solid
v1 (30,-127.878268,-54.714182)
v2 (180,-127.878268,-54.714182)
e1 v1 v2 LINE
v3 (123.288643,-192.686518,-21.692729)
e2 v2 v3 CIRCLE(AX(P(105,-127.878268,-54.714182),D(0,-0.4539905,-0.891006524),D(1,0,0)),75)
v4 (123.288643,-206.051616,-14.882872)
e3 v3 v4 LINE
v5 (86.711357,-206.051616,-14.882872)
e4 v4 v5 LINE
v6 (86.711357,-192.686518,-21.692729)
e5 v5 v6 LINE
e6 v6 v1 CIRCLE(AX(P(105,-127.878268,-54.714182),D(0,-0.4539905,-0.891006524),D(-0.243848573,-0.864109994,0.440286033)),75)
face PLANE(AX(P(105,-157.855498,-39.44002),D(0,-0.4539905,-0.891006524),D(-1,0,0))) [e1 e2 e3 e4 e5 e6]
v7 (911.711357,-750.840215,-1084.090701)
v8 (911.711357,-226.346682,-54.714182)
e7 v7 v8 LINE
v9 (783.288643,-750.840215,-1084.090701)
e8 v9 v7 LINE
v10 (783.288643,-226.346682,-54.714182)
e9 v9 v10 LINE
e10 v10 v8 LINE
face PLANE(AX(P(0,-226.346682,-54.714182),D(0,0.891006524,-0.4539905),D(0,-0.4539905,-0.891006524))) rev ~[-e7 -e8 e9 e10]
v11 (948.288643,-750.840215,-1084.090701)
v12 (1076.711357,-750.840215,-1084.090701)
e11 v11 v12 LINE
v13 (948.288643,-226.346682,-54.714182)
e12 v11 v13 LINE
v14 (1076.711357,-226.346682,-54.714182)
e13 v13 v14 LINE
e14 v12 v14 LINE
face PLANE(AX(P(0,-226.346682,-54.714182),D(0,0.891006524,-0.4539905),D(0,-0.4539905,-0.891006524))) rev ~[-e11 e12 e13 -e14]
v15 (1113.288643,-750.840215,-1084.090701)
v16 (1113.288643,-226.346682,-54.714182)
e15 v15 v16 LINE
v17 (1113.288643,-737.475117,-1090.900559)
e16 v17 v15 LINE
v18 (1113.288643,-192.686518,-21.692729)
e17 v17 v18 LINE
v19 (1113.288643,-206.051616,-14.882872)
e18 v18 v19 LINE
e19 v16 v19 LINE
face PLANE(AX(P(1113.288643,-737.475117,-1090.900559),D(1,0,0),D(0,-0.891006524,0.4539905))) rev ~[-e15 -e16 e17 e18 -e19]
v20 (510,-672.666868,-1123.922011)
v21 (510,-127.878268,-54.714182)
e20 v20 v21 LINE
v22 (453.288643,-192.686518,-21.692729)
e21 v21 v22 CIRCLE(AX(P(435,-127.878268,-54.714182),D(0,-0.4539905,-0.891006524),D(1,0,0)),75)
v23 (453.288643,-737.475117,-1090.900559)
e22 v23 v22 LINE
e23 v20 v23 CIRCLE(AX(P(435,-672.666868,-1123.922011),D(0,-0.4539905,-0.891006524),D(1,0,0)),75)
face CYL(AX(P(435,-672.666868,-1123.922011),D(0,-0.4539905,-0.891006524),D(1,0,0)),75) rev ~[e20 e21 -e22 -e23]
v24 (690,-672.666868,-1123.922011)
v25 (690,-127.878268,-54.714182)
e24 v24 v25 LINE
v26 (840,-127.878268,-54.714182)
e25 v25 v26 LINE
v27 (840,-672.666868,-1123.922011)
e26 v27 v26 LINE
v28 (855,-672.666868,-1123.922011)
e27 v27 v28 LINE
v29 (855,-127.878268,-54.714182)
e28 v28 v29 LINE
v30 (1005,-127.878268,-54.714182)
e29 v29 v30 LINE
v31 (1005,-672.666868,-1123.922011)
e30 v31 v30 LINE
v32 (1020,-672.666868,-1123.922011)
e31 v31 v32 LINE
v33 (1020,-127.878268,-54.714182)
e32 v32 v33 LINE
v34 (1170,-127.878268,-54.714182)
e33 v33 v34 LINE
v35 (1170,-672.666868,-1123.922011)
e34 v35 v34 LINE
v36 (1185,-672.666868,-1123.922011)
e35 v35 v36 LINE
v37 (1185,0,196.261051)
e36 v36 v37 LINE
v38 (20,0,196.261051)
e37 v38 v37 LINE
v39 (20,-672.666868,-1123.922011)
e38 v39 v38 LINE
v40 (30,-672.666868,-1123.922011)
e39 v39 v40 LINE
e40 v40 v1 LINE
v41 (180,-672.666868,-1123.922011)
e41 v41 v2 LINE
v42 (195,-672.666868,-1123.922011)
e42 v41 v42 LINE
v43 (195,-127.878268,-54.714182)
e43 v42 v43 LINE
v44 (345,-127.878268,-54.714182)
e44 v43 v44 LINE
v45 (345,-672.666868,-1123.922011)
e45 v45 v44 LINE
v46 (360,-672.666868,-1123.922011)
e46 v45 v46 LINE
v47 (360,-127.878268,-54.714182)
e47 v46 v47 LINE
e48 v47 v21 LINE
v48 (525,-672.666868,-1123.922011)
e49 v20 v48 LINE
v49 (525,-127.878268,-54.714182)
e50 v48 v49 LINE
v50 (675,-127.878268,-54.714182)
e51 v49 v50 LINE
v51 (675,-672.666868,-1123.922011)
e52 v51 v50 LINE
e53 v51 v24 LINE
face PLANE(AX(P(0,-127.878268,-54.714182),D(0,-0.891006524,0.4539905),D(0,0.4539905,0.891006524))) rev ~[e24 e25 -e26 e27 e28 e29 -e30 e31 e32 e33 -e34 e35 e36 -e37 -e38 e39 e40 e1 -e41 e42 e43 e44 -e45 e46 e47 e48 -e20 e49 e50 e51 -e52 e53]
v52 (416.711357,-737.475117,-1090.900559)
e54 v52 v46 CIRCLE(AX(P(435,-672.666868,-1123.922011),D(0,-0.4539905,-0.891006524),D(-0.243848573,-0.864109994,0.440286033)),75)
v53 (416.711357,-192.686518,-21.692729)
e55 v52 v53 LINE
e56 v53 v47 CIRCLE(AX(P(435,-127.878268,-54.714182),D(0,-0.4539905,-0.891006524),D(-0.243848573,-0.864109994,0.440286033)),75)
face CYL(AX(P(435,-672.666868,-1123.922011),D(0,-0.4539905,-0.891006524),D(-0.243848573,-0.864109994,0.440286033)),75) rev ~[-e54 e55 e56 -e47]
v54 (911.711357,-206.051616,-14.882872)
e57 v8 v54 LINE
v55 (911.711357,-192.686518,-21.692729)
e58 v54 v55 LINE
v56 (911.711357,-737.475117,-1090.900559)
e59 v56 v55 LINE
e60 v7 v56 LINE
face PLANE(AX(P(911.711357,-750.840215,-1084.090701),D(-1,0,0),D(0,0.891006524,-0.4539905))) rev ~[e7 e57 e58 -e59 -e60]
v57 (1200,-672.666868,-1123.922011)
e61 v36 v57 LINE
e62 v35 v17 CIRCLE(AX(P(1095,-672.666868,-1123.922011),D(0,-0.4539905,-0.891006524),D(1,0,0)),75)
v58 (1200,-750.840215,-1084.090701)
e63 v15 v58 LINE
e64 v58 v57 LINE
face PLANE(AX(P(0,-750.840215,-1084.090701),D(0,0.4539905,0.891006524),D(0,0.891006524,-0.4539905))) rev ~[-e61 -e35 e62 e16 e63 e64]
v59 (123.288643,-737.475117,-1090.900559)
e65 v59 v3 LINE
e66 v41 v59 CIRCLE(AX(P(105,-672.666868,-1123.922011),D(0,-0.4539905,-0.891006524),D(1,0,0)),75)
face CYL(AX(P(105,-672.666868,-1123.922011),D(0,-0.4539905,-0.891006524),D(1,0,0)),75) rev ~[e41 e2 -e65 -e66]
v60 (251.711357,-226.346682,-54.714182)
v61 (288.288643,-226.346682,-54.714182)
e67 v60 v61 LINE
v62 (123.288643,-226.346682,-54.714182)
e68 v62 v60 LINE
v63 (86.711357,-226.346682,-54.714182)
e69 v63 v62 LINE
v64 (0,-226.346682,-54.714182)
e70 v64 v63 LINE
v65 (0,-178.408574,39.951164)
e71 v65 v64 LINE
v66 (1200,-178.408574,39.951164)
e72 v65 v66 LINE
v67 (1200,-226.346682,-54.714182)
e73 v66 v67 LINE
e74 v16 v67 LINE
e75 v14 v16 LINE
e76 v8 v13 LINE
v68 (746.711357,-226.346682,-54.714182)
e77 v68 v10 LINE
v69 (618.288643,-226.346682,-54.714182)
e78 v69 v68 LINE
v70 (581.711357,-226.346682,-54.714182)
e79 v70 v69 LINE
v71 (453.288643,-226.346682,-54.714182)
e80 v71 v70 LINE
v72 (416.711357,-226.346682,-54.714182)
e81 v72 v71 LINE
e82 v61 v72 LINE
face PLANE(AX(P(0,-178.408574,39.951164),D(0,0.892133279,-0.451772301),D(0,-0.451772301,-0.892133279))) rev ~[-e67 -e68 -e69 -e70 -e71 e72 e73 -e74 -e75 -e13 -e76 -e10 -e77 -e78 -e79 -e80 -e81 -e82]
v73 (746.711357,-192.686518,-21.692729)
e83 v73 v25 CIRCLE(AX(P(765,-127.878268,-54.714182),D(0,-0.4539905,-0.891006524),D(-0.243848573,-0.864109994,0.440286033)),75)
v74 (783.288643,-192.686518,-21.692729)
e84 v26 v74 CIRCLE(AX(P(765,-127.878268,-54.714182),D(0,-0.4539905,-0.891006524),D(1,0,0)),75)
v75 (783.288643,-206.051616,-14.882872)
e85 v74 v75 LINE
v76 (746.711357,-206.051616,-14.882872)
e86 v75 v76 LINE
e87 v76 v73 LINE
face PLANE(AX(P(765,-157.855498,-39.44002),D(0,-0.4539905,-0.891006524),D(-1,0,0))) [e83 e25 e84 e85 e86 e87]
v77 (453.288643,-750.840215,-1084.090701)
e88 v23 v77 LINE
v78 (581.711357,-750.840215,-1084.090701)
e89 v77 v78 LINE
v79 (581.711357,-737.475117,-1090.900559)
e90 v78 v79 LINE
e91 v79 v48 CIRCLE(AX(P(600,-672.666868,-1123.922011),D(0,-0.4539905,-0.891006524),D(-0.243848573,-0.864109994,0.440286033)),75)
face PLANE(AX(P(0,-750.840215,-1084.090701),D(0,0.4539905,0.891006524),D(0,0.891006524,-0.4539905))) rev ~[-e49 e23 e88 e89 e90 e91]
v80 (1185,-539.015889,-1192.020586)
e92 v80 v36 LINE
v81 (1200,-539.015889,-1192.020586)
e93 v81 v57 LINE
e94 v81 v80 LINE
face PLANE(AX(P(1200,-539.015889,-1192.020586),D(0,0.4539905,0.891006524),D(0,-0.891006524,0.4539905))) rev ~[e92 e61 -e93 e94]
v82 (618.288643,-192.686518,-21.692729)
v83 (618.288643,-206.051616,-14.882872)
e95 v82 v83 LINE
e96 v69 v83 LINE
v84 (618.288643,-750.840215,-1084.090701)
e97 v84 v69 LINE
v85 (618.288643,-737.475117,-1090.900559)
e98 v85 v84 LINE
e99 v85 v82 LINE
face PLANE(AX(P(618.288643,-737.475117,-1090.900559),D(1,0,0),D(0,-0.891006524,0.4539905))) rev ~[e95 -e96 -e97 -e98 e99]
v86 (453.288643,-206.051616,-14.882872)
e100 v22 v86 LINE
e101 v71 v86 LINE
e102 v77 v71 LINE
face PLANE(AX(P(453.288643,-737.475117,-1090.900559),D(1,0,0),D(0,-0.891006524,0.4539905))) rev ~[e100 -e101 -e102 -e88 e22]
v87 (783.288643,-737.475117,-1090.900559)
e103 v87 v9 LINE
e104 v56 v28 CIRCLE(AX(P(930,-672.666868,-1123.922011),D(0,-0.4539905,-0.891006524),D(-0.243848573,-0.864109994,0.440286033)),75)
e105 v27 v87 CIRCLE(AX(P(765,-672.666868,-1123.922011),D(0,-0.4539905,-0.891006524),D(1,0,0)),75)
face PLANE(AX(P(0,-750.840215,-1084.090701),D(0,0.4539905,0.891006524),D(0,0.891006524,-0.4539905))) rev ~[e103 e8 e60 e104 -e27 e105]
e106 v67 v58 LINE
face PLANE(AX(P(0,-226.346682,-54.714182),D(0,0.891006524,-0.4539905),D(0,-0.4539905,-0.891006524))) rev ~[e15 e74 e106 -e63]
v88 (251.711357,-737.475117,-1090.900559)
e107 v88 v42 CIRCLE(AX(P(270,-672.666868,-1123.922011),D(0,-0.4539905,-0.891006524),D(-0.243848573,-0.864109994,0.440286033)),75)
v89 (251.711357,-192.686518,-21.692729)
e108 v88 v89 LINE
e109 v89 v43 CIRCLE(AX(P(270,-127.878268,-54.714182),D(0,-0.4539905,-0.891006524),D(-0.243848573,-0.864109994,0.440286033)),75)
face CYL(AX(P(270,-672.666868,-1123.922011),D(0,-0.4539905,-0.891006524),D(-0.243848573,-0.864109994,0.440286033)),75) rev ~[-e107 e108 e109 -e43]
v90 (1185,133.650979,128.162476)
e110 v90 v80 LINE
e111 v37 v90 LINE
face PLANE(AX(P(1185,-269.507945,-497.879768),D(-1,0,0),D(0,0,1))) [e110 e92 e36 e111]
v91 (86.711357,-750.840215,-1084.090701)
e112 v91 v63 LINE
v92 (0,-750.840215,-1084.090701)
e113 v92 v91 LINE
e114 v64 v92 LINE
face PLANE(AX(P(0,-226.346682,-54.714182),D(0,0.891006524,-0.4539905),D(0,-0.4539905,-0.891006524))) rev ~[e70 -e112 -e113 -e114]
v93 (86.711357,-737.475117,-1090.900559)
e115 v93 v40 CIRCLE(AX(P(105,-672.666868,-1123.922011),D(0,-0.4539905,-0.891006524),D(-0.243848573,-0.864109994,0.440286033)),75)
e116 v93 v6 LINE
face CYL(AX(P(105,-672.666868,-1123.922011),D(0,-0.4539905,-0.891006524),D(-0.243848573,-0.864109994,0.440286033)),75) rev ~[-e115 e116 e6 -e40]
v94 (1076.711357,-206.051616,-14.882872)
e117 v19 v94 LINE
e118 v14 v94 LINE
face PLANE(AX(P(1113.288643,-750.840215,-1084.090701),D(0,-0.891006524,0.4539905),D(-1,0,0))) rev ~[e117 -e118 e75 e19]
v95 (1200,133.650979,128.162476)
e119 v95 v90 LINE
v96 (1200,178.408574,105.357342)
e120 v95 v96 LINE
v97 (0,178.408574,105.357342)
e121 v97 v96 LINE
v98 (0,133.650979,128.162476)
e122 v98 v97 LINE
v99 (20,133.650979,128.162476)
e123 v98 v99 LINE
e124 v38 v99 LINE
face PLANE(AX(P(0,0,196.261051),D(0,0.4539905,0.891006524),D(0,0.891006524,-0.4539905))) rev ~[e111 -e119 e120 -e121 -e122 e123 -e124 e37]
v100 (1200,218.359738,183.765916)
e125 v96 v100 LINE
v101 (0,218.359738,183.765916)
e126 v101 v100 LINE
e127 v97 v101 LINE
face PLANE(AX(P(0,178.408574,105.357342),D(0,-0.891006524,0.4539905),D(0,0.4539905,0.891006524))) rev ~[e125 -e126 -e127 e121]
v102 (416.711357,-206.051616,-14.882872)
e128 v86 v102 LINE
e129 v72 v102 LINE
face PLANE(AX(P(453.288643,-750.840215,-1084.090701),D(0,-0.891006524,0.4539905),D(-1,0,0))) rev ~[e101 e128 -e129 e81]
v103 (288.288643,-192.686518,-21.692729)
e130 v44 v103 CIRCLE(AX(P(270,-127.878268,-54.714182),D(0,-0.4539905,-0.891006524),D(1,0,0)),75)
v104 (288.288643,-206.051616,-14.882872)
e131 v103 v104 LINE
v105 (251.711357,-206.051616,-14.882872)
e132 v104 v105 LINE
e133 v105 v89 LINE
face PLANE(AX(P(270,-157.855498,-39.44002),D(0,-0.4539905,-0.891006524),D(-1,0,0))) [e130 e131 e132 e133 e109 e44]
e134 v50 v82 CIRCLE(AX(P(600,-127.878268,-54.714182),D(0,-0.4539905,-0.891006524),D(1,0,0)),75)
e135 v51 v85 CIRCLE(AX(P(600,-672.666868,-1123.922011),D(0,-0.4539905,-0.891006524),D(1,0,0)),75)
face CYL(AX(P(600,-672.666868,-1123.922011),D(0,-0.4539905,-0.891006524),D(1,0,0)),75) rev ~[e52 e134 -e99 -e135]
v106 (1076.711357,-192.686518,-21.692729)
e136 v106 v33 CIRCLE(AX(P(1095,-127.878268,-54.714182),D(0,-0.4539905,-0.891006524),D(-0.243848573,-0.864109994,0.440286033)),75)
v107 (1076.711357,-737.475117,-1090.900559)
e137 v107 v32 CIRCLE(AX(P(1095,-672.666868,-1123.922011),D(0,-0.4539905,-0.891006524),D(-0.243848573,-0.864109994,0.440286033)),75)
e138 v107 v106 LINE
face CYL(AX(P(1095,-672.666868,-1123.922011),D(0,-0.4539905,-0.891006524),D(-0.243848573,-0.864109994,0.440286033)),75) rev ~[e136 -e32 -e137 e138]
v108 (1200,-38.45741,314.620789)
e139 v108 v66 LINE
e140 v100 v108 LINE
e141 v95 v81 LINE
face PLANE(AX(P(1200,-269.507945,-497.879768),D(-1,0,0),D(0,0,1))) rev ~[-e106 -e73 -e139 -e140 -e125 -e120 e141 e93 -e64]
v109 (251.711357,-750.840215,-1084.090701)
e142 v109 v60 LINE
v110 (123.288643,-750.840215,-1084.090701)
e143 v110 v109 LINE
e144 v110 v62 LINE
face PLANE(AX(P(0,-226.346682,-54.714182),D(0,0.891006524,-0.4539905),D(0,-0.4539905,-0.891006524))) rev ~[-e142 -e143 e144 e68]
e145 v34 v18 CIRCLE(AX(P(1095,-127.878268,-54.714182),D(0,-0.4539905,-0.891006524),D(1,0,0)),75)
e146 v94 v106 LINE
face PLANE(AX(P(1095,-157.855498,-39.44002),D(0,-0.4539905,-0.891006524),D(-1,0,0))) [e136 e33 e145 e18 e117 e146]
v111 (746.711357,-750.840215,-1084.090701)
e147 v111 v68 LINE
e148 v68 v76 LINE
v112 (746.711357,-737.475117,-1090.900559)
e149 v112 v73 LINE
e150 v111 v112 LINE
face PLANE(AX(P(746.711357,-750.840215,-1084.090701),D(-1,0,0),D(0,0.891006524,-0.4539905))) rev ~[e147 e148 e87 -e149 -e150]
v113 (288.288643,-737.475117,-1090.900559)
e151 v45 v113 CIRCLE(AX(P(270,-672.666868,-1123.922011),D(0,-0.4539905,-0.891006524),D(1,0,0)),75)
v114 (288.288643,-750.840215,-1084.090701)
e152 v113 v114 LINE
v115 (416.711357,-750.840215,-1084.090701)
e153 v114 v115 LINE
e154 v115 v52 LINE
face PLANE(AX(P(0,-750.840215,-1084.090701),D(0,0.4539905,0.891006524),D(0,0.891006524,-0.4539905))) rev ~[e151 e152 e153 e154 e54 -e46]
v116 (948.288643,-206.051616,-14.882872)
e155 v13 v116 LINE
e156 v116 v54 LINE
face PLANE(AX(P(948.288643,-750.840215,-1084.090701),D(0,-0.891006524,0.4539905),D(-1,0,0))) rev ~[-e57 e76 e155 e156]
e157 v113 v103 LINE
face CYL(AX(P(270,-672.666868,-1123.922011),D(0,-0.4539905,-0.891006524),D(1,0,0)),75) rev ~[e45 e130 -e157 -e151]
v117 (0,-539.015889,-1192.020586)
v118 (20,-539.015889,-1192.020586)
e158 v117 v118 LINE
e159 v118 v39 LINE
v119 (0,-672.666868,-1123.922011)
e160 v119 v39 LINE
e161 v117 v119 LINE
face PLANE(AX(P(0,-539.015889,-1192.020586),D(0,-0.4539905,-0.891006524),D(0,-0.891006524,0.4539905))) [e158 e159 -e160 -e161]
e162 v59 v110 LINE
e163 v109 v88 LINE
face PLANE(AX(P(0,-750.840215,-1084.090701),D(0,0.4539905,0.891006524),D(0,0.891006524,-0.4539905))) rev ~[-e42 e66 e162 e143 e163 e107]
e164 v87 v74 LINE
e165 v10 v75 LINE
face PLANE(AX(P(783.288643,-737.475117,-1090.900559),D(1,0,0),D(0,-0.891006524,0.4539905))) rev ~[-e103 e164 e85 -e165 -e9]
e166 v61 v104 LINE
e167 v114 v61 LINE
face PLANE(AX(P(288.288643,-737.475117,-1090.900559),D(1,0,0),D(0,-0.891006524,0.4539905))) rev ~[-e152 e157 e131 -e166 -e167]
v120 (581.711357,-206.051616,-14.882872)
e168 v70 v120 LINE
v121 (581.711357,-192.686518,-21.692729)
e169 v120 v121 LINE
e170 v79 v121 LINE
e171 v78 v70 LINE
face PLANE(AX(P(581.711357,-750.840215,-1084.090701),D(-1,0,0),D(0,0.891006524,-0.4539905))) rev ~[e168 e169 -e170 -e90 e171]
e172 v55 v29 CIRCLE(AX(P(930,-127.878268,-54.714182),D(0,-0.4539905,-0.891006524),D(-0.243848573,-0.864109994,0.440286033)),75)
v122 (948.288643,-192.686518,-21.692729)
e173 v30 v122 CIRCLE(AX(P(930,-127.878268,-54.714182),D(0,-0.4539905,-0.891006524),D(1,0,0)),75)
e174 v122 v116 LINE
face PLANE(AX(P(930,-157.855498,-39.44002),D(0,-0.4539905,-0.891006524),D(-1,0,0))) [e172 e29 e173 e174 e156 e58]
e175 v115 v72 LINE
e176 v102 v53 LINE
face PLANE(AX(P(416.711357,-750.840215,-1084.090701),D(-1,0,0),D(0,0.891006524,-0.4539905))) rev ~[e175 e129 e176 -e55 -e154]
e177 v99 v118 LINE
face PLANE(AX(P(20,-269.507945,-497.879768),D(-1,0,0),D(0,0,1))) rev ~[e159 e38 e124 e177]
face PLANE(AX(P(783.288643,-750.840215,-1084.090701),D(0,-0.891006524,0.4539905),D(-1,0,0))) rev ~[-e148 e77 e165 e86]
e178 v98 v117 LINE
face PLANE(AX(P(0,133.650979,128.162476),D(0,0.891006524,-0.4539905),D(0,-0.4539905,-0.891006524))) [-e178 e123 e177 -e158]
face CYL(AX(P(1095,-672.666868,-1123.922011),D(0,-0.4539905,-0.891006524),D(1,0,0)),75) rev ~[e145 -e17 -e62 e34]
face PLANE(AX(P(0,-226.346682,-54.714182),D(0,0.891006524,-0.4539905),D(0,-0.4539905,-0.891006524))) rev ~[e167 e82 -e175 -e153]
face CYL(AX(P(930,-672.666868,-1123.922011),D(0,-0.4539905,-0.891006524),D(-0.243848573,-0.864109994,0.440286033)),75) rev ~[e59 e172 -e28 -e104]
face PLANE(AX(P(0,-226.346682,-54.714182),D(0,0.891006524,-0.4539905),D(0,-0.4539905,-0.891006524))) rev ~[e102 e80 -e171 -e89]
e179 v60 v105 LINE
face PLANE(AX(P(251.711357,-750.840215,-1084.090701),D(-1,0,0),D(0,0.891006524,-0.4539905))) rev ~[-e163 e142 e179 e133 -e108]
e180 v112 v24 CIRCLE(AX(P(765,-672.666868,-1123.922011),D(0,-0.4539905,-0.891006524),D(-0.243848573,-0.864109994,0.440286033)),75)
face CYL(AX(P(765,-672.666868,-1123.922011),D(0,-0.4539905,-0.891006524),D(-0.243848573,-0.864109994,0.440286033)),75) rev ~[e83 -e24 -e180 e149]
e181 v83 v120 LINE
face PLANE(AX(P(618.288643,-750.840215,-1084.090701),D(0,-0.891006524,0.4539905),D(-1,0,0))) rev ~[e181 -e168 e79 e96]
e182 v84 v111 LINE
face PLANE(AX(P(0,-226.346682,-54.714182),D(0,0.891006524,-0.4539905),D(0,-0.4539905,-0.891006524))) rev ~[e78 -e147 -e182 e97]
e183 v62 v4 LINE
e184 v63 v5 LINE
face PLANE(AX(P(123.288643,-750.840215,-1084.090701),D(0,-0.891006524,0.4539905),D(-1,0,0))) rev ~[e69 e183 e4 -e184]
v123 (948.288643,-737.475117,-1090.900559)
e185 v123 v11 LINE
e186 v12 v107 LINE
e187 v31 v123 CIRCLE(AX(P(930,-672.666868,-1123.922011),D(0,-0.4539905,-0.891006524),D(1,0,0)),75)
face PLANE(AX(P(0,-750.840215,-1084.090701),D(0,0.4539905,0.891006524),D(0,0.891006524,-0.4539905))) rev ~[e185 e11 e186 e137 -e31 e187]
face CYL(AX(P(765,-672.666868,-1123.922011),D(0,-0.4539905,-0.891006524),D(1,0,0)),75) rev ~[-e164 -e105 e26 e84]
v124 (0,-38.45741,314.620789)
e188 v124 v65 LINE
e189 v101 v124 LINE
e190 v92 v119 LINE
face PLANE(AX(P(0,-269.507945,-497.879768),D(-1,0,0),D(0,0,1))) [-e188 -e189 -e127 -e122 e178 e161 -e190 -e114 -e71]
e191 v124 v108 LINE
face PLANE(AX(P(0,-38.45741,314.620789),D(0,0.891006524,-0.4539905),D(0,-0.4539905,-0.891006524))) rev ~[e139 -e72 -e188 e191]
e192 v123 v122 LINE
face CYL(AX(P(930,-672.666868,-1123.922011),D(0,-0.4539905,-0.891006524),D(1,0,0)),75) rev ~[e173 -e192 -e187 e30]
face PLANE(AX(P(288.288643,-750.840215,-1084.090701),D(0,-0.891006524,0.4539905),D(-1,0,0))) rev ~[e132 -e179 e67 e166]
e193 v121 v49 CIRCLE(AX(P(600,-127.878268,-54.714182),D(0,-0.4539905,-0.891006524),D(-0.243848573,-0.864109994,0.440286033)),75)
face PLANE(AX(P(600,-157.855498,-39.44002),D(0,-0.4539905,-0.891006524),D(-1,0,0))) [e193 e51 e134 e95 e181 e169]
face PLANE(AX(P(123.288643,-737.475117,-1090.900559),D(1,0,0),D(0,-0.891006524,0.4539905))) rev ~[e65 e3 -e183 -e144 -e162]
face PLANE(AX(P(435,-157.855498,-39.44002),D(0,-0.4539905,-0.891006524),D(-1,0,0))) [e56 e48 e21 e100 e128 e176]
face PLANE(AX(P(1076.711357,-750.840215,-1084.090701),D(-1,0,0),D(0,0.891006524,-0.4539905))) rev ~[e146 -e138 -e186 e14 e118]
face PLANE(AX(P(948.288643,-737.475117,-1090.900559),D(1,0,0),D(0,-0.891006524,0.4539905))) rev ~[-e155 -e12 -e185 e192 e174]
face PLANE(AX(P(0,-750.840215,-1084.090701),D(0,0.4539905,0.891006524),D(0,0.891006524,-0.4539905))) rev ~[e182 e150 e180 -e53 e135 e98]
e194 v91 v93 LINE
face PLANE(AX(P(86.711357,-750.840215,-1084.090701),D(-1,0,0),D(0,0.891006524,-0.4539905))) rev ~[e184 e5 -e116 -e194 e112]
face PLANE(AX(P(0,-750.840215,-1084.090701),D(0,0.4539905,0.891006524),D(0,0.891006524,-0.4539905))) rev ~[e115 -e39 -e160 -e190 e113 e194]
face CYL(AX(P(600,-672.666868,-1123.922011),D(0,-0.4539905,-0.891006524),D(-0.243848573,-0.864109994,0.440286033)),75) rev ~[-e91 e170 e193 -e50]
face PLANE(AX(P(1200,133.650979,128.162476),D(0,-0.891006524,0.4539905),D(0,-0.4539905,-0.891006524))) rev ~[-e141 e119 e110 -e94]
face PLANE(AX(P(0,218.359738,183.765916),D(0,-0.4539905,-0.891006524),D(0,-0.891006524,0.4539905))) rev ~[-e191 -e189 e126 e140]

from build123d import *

# Parameters (mm, degrees)
BOSS_EXTRUDE1_DEPTH = 1200
CUT_EXTRUDE1_DEPTH  = 1200
BOSS_EXTRUDE2_DEPTH = 20
BOSS_EXTRUDE6_DEPTH = 15


with BuildPart() as part:
    # Sketch1 → Boss-Extrude1 (new body)
    with BuildSketch(Plane(origin=(0, 0, 0), x_dir=(0, 0, -1), z_dir=(1, 0, 0))):
        Polygon((54.714181984, -127.878268169), (0, -100), (-196.261050551, 0), (-105.357341624, 178.408574129), (-183.765915753, 218.359738106), (-314.620788656, -38.457410151), (-39.951163977, -178.408574129), (54.714181984, -226.346681732), (1084.090701019, -750.840215293), (1123.92201101, -672.666867856), align=None)
    extrude(amount=BOSS_EXTRUDE1_DEPTH)

    # Sketch2 → Cut-Extrude1 (cut)
    with BuildSketch(Plane(origin=(0, -593.277605242, -1164.372860728), x_dir=(-1, 0, 0), z_dir=(0, -0.45399049973954697, -0.8910065241883679))):
        with BuildLine():
            ThreePointArc((-1076.711357012, -161.83665133), (-1035.853367703, -135.21654868), (-1020, -89.100652419))
            Line((-1020, -89.100652419), (-1170, -89.100652419))
            ThreePointArc((-1170, -89.100652419), (-1154.146632297, -135.21654868), (-1113.288642988, -161.83665133))
            Line((-1113.288642988, -161.83665133), (-1113.288642988, -176.83665133))
            Line((-1113.288642988, -176.83665133), (-1076.711357012, -176.83665133))
            Line((-1076.711357012, -176.83665133), (-1076.711357012, -161.83665133))
        make_face()
        with BuildLine():
            ThreePointArc((-911.711357012, -161.83665133), (-870.853367703, -135.21654868), (-855, -89.100652419))
            Line((-855, -89.100652419), (-1005, -89.100652419))
            ThreePointArc((-1005, -89.100652419), (-989.146632297, -135.21654868), (-948.288642988, -161.83665133))
            Line((-948.288642988, -161.83665133), (-948.288642988, -176.83665133))
            Line((-948.288642988, -176.83665133), (-911.711357012, -176.83665133))
            Line((-911.711357012, -176.83665133), (-911.711357012, -161.83665133))
        make_face()
        with BuildLine():
            ThreePointArc((-746.711357012, -161.83665133), (-705.853367703, -135.21654868), (-690, -89.100652419))
            Line((-690, -89.100652419), (-840, -89.100652419))
            ThreePointArc((-840, -89.100652419), (-824.146632297, -135.21654868), (-783.288642988, -161.83665133))
            Line((-783.288642988, -161.83665133), (-783.288642988, -176.83665133))
            Line((-783.288642988, -176.83665133), (-746.711357012, -176.83665133))
            Line((-746.711357012, -176.83665133), (-746.711357012, -161.83665133))
        make_face()
        with BuildLine():
            Line((-525, -89.100652419), (-675, -89.100652419))
            ThreePointArc((-675, -89.100652419), (-659.146632297, -135.21654868), (-618.288642988, -161.83665133))
            Line((-618.288642988, -161.83665133), (-618.288642988, -176.83665133))
            Line((-618.288642988, -176.83665133), (-581.711357012, -176.83665133))
            Line((-581.711357012, -176.83665133), (-581.711357012, -161.83665133))
            ThreePointArc((-581.711357012, -161.83665133), (-540.853367703, -135.21654868), (-525, -89.100652419))
        make_face()
        with BuildLine():
            Line((-360, -89.100652419), (-510, -89.100652419))
            ThreePointArc((-510, -89.100652419), (-494.146632297, -135.21654868), (-453.288642988, -161.83665133))
            Line((-453.288642988, -161.83665133), (-453.288642988, -176.83665133))
            Line((-453.288642988, -176.83665133), (-416.711357012, -176.83665133))
            Line((-416.711357012, -176.83665133), (-416.711357012, -161.83665133))
            ThreePointArc((-416.711357012, -161.83665133), (-375.853367703, -135.21654868), (-360, -89.100652419))
        make_face()
        with BuildLine():
            Line((-195, -89.100652419), (-345, -89.100652419))
            ThreePointArc((-345, -89.100652419), (-329.146632297, -135.21654868), (-288.288642988, -161.83665133))
            Line((-288.288642988, -161.83665133), (-288.288642988, -176.83665133))
            Line((-288.288642988, -176.83665133), (-251.711357012, -176.83665133))
            Line((-251.711357012, -176.83665133), (-251.711357012, -161.83665133))
            ThreePointArc((-251.711357012, -161.83665133), (-210.853367703, -135.21654868), (-195, -89.100652419))
        make_face()
        with BuildLine():
            Line((-30, -89.100652419), (-180, -89.100652419))
            ThreePointArc((-180, -89.100652419), (-164.146632297, -135.21654868), (-123.288642988, -161.83665133))
            Line((-123.288642988, -161.83665133), (-123.288642988, -176.83665133))
            Line((-123.288642988, -176.83665133), (-86.711357012, -176.83665133))
            Line((-86.711357012, -176.83665133), (-86.711357012, -161.83665133))
            ThreePointArc((-86.711357012, -161.83665133), (-45.853367703, -135.21654868), (-30, -89.100652419))
        make_face()
    extrude(amount=-CUT_EXTRUDE1_DEPTH, mode=Mode.SUBTRACT)

    # Sketch4 → Boss-Extrude2 (add)
    with BuildSketch(Plane.ZY):
        Polygon((196.261050551, 0), (128.16247559, 133.650978628), (-1192.020585971, -539.015889228), (-1123.92201101, -672.666867856), align=None)
    extrude(amount=-BOSS_EXTRUDE2_DEPTH)

    # Sketch14 → Boss-Extrude6 (add)
    with BuildSketch(Plane(origin=(1200, 0, 0), x_dir=(0, 0, -1), z_dir=(1, 0, 0))):
        Polygon((-196.261050551, 0), (-128.16247559, 133.650978628), (1192.020585971, -539.015889228), (1123.92201101, -672.666867856), align=None)
    extrude(amount=-BOSS_EXTRUDE6_DEPTH)


solid = part.part
